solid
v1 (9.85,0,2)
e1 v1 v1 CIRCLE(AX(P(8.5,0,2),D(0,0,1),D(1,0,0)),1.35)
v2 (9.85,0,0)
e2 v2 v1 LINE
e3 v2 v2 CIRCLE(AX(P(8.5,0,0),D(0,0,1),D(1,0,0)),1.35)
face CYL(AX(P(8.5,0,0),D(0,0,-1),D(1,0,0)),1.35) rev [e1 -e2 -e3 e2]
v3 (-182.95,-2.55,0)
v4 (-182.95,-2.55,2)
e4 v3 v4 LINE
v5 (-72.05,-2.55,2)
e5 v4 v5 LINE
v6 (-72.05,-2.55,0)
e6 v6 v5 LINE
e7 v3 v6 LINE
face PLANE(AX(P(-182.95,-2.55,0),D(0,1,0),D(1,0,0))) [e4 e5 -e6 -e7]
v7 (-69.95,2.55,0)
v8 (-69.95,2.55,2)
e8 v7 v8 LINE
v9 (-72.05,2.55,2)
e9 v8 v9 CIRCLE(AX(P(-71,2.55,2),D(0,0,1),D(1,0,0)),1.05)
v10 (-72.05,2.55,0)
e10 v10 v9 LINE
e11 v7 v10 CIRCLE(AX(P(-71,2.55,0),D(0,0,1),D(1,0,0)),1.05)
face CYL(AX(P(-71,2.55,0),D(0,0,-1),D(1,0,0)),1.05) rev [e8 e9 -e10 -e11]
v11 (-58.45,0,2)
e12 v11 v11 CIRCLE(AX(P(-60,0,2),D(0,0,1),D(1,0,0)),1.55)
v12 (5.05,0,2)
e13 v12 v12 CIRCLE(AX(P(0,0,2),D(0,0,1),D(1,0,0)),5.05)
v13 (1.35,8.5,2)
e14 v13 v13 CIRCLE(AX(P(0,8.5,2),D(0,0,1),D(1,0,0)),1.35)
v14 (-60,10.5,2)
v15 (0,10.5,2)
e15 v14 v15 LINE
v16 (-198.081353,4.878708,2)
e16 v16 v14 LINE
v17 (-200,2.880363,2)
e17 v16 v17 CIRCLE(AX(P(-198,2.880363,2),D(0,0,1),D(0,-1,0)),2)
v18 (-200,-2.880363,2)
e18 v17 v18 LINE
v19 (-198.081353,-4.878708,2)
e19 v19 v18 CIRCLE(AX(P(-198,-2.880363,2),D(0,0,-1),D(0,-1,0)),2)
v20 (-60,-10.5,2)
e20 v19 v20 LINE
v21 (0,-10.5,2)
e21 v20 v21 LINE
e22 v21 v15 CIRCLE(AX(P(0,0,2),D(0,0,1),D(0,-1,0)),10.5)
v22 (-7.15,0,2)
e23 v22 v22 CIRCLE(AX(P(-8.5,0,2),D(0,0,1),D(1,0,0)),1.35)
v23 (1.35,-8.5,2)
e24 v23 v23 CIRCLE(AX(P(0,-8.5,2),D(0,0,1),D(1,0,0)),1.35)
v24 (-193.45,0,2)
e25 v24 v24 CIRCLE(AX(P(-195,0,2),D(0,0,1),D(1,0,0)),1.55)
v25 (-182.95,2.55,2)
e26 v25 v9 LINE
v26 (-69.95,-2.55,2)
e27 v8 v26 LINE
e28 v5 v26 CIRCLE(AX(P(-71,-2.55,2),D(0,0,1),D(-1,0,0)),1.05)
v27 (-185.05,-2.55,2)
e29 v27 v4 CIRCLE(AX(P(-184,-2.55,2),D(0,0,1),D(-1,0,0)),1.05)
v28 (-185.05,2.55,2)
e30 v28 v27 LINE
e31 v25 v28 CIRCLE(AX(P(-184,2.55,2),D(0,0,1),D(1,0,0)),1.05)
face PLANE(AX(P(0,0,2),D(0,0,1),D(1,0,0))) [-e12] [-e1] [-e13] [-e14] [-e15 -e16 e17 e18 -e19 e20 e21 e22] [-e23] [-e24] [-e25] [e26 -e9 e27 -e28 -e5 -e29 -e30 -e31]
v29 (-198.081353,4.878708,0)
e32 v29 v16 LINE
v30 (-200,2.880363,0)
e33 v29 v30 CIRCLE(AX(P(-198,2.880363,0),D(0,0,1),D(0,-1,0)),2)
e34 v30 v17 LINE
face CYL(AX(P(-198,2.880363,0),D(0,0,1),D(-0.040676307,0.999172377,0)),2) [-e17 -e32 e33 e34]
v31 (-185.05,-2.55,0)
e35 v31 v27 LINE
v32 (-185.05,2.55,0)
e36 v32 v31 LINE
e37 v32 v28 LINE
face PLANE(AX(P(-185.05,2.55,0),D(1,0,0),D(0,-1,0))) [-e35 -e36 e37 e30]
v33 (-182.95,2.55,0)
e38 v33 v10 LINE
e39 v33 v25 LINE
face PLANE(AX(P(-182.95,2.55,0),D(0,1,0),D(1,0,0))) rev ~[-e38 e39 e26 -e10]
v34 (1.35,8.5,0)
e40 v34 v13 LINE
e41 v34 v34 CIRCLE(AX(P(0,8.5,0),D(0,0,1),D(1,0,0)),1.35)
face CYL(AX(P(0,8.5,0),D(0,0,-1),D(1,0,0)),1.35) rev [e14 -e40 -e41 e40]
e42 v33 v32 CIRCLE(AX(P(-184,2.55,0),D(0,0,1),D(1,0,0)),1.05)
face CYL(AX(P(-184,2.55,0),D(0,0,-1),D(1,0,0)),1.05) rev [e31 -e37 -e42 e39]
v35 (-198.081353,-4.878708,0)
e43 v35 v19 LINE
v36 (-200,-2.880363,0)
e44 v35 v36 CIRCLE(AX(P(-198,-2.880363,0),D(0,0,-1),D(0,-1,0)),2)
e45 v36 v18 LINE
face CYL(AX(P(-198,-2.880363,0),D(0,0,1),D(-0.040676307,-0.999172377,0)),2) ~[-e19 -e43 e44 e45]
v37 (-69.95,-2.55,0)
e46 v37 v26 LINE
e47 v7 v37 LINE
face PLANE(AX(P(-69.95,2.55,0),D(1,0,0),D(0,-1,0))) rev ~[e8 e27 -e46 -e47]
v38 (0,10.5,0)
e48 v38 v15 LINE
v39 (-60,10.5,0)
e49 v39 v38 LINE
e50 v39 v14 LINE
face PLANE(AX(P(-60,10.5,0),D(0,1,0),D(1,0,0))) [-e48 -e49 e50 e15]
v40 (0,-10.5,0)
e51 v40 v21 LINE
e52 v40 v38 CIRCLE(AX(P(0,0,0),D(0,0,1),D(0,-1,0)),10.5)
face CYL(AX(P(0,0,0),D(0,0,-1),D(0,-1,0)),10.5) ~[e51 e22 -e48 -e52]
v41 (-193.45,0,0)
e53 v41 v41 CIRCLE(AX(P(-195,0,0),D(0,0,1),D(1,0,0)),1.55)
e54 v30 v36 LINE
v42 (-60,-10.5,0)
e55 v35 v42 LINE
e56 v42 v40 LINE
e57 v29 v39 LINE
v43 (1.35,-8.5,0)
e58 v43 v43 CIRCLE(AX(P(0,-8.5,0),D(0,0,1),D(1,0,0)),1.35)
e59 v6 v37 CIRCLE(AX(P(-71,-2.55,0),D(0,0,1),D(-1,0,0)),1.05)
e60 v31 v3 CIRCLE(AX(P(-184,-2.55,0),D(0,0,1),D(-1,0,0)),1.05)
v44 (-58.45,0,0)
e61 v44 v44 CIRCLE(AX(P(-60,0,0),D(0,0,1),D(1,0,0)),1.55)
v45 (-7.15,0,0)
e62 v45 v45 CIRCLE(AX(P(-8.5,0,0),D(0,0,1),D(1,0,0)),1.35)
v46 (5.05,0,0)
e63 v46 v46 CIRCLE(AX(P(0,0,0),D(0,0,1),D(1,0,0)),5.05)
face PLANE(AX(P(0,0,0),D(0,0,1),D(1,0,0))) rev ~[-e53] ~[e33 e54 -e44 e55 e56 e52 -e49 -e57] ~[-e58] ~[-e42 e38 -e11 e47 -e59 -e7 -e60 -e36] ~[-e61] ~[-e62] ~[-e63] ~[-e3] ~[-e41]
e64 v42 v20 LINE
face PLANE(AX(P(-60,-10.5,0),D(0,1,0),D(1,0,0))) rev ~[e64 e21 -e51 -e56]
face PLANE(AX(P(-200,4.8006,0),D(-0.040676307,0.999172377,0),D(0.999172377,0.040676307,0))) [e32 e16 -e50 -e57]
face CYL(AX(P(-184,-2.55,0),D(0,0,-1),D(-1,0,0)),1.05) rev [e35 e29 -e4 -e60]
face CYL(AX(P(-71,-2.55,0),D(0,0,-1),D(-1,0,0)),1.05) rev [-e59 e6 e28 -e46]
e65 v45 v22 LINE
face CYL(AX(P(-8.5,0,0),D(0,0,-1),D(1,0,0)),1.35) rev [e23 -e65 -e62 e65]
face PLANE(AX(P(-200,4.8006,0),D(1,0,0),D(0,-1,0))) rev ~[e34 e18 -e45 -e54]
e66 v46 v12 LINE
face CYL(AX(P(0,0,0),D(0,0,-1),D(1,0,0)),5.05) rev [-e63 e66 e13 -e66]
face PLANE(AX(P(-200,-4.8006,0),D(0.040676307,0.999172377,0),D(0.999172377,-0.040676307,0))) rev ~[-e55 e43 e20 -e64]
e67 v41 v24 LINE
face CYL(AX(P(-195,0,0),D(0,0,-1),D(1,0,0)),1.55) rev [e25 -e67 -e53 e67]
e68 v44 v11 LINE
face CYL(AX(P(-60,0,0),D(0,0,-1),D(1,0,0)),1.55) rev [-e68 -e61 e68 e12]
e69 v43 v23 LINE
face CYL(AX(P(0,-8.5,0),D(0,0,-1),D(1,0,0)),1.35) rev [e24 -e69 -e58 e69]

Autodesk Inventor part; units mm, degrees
ref_plane "YZ Plane" through (0, 0, 0) normal (1, 0, 0) x (0, 1, 0)
ref_plane "XZ Plane" through (0, 0, 0) normal (0, 1, 0) x (-1, 0, 0)
ref_plane "XY Plane" through (0, 0, 0) normal (0, 0, 1) x (1, 0, 0)
sketch "スケッチ1" plane through (0, 0, 0) normal (0, 0, 1) x (1, 0, 0)
  circle A0 centre (0, 0) radius 10.5 construction
  line L0 (0, 10.5) -> (-200, 10.5) construction
  line L1 (-200, 10.5) -> (-200, -10.5) construction
  line L2 (-200, -10.5) -> (0, -10.5) construction
  circle A1 centre (-195, 0) radius 1.55
  line L3 (-185, 2.5) -> (-70, 2.5) construction
  line L4 (-70, 2.5) -> (-70, -2.5) construction
  line L5 (-70, -2.5) -> (-185, -2.5) construction
  line L6 (-185, -2.5) -> (-185, 2.5) construction
  line L7 (-127.5, 2.5) -> (-127.5, -2.5) construction
  circle A2 centre (-60, 0) radius 1.55
  line L8 (-12, 21.3027) -> (-12, -27.3903) construction
  line L9 (-69.95, 2.55) -> (-185.05, 2.55) construction
  line L10 (-185.05, 2.55) -> (-185.05, -2.55) construction
  line L11 (-185.05, -2.55) -> (-69.95, -2.55) construction
  line L12 (-69.95, -2.55) -> (-69.95, 2.55) construction
  circle A3 centre (-184, 2.55) radius 1.05 construction
  line L13 (-185, 0) -> (-127.5, 0) construction
  line L14 (-185.05, 2.55) -> (-185.05, -2.55)
  arc A4 (-182.95, 2.55) -> (-185.05, 2.55) centre (-184, 2.55) ccw
  line L15 (-182.95, 2.55) -> (-72.05, 2.55)
  arc A5 (-69.95, 2.55) -> (-72.05, 2.55) centre (-71, 2.55) ccw
  line L16 (-69.95, 2.55) -> (-69.95, -2.55)
  arc A6 (-185.05, -2.55) -> (-182.95, -2.55) centre (-184, -2.55) ccw
  line L17 (-182.95, -2.55) -> (-72.05, -2.55)
  arc A7 (-72.05, -2.55) -> (-69.95, -2.55) centre (-71, -2.55) ccw
  circle A8 centre (0, 8.5) radius 1.35
  circle A9 centre (0, 0) radius 5.05
  circle A10 centre (-8.5, 0) radius 1.35
  circle A11 centre (0, -8.5) radius 1.35
  circle A12 centre (8.5, 0) radius 1.35
  line L18 (-200, 4.8006) -> (-200, -4.8006)
  line L19 (-200, 4.8006) -> (-60, 10.5)
  line L20 (-60, 10.5) -> (0, 10.5)
  line L21 (-200, -4.8006) -> (-60, -10.5)
  line L22 (-60, -10.5) -> (0, -10.5)
  arc A13 (0, -10.5) -> (0, 10.5) centre (0, 0) ccw
  circle A14 centre (-195, 0) radius 5 construction
  point P0 (-200, 0)
  dimension "d9" = 2.1
  dimension "d0" = 200
  dimension "d1" = 3.1
  dimension "d2" = 21
  dimension "d3" = 10
  dimension "d4" = 5
  dimension "d5" = 12
  dimension "d6" = 135
  dimension "d7" = 5
  dimension "d8" = 0.05
  dimension "d10" = 2.7
  dimension "d11" = 8.5
  dimension "d12" = 10.1
  dimension "d15" = 360
extrude "押し出し1" add sketch "スケッチ1" along normal blind 2
fillet "フィレット1" radius 2 2 edges at (-200, -4.8006, 1) (-200, 4.8006, 1)
equation "\"H_head\" = 28.5"
equation "\"H_leg\" = 199.5"
equation "\"足の面積\" = 12720.125"
equation "\"現在の面積\" = 11560"
equation "\"足_短辺\" = 68"
equation "\"円柱\" = 313.5"
equation "\"胴体中心から手先\" = 342"
equation "\"H_leg_1\" = 186.2"
equation "\"H_leg_MAX\" = 399"
equation "\"H_head_1\" = 26.6"
equation "\"H_head_MAX\" = 142.5"
properties part number "ForeArm_vertical_frame02" material "GFRP"
